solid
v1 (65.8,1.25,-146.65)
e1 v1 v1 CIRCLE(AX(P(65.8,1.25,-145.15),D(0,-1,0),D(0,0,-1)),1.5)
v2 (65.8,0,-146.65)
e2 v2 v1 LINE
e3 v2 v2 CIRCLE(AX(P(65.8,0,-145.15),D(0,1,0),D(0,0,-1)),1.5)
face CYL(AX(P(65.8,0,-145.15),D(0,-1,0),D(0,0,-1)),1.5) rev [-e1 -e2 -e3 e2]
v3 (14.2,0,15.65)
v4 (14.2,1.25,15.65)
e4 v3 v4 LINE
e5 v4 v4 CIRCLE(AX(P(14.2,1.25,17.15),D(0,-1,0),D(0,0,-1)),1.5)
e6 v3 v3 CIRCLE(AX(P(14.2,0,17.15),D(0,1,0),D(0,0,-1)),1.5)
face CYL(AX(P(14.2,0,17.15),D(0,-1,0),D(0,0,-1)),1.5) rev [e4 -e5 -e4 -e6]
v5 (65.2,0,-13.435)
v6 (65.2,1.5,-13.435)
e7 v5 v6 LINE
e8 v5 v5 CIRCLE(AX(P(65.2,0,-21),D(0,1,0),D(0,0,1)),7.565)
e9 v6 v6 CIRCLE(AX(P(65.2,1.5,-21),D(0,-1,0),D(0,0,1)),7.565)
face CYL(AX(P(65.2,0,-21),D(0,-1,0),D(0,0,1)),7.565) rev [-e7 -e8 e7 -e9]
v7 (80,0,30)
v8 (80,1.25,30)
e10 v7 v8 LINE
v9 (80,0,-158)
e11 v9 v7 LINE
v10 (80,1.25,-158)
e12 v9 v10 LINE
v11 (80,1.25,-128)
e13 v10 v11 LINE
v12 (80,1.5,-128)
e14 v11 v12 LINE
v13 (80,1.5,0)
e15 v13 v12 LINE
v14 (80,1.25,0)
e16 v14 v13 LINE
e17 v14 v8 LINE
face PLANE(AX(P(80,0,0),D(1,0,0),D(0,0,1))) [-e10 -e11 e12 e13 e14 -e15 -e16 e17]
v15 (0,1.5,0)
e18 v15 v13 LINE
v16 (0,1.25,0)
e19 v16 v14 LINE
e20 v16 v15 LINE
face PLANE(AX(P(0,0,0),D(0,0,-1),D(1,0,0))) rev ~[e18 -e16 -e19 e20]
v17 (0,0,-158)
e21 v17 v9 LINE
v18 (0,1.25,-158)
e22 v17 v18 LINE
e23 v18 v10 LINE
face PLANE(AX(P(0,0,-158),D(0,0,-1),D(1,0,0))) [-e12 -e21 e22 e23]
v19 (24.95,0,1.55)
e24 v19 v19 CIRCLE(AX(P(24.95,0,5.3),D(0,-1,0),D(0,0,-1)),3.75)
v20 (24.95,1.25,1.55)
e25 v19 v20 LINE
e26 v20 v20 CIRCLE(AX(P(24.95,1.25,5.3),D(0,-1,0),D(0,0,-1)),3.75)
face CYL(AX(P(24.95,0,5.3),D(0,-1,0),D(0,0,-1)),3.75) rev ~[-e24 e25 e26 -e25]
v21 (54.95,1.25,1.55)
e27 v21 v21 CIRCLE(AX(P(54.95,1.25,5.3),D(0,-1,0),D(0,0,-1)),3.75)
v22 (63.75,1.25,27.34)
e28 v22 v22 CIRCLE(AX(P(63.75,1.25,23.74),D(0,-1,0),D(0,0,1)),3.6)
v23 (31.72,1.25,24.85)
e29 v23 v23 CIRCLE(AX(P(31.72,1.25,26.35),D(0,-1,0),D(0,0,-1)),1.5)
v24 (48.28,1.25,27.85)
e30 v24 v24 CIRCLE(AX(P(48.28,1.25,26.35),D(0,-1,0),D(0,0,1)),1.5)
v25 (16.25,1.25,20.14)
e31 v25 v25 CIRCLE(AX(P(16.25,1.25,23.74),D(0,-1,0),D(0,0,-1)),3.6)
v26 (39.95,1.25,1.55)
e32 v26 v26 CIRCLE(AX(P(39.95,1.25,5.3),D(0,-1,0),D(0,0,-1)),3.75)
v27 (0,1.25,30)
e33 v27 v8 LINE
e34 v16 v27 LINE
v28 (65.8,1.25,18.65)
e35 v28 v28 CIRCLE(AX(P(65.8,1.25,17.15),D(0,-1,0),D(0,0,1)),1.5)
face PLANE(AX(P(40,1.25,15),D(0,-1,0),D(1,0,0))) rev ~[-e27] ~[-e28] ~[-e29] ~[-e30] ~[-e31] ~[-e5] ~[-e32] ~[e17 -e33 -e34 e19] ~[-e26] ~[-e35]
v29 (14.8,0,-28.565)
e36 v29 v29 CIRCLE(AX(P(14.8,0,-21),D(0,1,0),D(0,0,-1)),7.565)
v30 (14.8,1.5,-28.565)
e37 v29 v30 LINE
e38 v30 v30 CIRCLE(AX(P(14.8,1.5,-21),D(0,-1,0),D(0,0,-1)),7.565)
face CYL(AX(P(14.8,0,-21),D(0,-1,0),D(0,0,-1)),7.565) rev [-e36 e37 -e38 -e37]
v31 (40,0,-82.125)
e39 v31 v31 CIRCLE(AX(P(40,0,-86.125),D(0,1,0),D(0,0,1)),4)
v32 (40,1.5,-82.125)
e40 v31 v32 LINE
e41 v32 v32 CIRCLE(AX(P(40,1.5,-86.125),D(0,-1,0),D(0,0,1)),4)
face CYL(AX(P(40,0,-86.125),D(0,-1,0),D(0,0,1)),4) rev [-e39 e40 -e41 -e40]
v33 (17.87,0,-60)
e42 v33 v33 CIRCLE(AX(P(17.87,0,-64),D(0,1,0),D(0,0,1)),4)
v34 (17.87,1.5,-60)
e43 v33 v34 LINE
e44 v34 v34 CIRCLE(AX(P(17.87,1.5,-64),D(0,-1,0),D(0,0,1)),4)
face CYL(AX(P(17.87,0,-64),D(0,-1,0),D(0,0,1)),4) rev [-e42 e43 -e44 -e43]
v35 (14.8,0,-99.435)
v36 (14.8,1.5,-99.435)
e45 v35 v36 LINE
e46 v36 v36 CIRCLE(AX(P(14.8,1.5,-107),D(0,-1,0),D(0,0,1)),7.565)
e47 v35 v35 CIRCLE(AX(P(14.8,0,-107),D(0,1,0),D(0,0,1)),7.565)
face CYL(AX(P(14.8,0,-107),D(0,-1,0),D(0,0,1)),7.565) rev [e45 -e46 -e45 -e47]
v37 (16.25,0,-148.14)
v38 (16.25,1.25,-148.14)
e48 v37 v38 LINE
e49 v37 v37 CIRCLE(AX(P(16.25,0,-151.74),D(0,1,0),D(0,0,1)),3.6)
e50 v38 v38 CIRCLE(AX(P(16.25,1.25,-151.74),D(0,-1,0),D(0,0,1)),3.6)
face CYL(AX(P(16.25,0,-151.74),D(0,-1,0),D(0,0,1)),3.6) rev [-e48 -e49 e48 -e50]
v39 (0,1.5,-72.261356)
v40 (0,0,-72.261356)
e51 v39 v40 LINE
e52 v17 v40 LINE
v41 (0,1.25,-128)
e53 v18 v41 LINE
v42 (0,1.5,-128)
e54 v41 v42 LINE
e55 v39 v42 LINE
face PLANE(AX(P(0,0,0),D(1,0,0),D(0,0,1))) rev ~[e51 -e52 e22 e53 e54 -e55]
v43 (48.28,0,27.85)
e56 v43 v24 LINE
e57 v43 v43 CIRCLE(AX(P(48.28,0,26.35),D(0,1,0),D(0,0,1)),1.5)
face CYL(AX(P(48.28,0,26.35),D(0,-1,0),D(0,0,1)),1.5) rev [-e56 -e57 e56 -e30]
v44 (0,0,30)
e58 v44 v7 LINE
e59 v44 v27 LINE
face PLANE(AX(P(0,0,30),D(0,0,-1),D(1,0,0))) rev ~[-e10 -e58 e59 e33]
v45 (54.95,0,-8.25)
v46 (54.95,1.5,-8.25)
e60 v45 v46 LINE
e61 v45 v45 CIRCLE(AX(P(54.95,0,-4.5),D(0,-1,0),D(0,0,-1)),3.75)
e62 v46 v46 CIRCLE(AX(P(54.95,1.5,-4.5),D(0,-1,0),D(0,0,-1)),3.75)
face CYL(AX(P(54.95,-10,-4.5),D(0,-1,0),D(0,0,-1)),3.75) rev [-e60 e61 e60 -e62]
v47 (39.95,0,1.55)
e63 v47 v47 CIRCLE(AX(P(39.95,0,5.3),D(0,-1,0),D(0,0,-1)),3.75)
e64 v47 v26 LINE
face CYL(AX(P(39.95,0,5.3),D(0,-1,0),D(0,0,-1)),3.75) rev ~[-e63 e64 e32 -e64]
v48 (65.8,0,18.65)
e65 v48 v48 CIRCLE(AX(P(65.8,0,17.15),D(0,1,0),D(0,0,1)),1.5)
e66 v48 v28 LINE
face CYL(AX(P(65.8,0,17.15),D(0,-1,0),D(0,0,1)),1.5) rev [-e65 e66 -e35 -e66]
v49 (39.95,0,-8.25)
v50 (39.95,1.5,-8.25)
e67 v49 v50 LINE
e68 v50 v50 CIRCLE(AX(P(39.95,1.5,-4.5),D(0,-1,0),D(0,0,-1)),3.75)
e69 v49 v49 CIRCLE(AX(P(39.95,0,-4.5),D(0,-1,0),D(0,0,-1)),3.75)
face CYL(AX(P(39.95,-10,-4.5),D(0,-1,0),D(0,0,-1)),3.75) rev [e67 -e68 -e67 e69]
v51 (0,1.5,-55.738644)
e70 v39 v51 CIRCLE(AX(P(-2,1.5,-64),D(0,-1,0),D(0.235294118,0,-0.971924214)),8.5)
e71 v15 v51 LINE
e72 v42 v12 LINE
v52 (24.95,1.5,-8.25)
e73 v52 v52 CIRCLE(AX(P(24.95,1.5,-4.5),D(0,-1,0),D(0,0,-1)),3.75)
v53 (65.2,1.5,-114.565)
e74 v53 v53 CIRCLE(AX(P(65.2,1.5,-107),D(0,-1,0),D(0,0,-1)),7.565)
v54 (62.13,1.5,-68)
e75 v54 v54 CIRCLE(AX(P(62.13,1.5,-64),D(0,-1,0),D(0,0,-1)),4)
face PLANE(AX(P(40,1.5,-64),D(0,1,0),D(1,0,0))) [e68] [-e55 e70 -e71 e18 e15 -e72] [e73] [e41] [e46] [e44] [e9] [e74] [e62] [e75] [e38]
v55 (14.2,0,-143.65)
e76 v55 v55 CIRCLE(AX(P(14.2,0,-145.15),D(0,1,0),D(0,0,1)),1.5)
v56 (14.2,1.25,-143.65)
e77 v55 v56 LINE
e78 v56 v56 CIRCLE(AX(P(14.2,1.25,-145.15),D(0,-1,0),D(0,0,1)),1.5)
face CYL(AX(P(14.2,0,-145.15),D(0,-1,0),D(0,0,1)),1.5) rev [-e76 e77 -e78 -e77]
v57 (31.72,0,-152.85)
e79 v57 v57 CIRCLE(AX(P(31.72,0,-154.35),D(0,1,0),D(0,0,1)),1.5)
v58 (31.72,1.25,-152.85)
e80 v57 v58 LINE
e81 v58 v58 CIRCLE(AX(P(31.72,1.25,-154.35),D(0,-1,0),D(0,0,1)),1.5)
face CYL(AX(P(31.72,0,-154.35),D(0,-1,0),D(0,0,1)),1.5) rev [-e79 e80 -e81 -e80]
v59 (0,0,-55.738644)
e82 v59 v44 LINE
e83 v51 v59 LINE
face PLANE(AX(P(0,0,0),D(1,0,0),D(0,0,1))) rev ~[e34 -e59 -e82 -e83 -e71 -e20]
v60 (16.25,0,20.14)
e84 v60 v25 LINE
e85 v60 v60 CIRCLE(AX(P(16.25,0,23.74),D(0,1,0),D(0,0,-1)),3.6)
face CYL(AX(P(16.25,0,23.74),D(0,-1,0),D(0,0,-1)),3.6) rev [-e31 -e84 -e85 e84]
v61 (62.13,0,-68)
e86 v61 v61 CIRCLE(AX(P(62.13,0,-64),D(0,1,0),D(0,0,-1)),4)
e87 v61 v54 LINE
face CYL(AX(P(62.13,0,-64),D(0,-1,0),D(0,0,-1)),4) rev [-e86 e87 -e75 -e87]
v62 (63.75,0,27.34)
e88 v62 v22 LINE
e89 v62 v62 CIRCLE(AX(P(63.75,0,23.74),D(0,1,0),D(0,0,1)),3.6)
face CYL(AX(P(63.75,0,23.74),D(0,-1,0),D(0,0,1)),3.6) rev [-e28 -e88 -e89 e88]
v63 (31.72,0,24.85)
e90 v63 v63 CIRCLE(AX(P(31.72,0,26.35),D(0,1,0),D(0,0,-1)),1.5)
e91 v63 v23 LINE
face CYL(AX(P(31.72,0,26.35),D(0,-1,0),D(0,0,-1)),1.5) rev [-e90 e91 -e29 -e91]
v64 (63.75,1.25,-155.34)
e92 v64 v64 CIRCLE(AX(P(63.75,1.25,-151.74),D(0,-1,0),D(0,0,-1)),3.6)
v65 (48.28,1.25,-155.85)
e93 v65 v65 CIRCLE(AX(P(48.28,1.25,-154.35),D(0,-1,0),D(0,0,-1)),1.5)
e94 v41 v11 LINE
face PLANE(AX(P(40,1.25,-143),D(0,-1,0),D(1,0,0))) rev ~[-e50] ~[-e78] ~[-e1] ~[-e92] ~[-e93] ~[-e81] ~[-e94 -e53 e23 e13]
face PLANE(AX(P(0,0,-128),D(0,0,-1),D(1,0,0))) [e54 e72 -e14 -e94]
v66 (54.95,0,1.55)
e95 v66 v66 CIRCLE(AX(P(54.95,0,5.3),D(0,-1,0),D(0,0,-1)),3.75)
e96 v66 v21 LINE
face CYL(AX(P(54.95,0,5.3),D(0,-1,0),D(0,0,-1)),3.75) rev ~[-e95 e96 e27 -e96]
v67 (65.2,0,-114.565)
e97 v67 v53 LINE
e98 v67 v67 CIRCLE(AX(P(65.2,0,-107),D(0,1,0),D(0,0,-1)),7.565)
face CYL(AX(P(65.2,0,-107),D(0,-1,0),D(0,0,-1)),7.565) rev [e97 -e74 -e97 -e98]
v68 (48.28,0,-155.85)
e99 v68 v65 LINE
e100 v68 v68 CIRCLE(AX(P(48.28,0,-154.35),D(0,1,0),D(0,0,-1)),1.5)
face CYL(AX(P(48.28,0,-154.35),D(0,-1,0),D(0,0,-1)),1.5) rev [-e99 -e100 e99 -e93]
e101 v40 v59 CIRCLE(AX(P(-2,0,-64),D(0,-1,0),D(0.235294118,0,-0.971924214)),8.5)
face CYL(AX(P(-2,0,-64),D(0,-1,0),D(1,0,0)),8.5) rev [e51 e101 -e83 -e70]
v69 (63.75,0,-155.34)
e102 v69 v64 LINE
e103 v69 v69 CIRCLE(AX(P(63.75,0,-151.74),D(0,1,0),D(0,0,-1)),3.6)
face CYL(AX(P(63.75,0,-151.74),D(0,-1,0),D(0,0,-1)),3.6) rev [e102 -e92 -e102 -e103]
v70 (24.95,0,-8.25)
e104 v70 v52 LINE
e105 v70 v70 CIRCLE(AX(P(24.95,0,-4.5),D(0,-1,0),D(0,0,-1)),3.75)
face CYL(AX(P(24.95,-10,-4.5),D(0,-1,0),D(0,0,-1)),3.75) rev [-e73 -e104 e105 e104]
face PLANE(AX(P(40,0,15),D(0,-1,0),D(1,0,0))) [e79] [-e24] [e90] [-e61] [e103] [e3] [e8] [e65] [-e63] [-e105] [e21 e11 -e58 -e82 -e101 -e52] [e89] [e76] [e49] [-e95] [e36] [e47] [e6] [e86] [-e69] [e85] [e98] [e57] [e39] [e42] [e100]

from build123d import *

# Parameters (mm, degrees)
CROQUIS2_W                 = 80
CROQUIS2_H                 = 128
SALIENTE_EXTRUIR1_DEPTH    = 1.5
CROQUIS1_W                 = 80
CROQUIS1_H                 = 30
SALIENTE_EXTRUIR2_DEPTH    = 1.25
CROQUIS6_R                 = 3.75
CORTAR_EXTRUIR1_DEPTH      = 5.25
CORTAR_EXTRUIR2_DEPTH      = 10
CORTAR_EXTRUIR2_DEPTH_BACK = 10
CROQUIS8_R                 = 3.75
CROQUIS10_R                = 7.565
CROQUIS10_R_2              = 1.5
CROQUIS10_R_3              = 3.6
CROQUIS10_R_4              = 4
CROQUIS10_R_5              = 8.5
CORTAR_EXTRUIR4_DEPTH      = 178.105194729


with BuildPart() as part:
    # Croquis2 → Saliente-Extruir1 (new body)
    with BuildSketch(Plane(origin=(0, 0, 0), x_dir=(1, 0, 0), z_dir=(0, 1, 0))):
        with Locations((40, 64)):
            Rectangle(CROQUIS2_W, CROQUIS2_H)
    extrude(amount=SALIENTE_EXTRUIR1_DEPTH)

    # Croquis1 → Saliente-Extruir2 (add)
    with BuildSketch(Plane.XZ):
        with Locations((40, 15)):
            Rectangle(CROQUIS1_W, CROQUIS1_H)
        with Locations((40, -143)):
            Rectangle(CROQUIS1_W, CROQUIS1_H)
    extrude(amount=-SALIENTE_EXTRUIR2_DEPTH)

    # Croquis6 → Cortar-Extruir1 (cut)
    with BuildSketch(Plane.XZ):
        with Locations(Location((24.95, 5.3, 0), (0, 0, 270))):
            Circle(CROQUIS6_R)
        with Locations(Location((54.95, 5.3, 0), (0, 0, 270))):
            Circle(CROQUIS6_R)
        with Locations(Location((39.95, 5.3, 0), (0, 0, 270))):
            Circle(CROQUIS6_R)
    extrude(amount=-CORTAR_EXTRUIR1_DEPTH, mode=Mode.SUBTRACT)

    # Croquis8 → Cortar-Extruir2 (cut, two sides: drawn at the far end of the back side and taken through both)
    with BuildSketch(Plane(origin=(0, 0, 0), x_dir=(1, 0, 0), z_dir=(0, 1, 0)).offset(-CORTAR_EXTRUIR2_DEPTH_BACK)):
        with Locations(Location((24.95, 4.5, 0), (0, 0, 90))):
            Circle(CROQUIS8_R)
        with Locations(Location((39.95, 4.5, 0), (0, 0, 90))):
            Circle(CROQUIS8_R)
        with Locations(Location((54.95, 4.5, 0), (0, 0, 90))):
            Circle(CROQUIS8_R)
    extrude(amount=CORTAR_EXTRUIR2_DEPTH + CORTAR_EXTRUIR2_DEPTH_BACK, mode=Mode.SUBTRACT)

    # Croquis10 → Cortar-Extruir4 (cut, through all)
    with BuildSketch(Plane(origin=(0, 0, 0), x_dir=(1, 0, 0), z_dir=(0, 1, 0))):
        with Locations(Location((65.2, 21, 0), (0, 0, 270))):
            Circle(CROQUIS10_R)
        with Locations(Location((14.8, 21, 0), (0, 0, 90))):
            Circle(CROQUIS10_R)
        with Locations(Location((65.8, -17.15, 0), (0, 0, 270))):
            Circle(CROQUIS10_R_2)
        with Locations(Location((63.75, -23.74, 0), (0, 0, 270))):
            Circle(CROQUIS10_R_3)
        with Locations(Location((48.28, -26.35, 0), (0, 0, 270))):
            Circle(CROQUIS10_R_2)
        with Locations(Location((31.72, -26.35, 0), (0, 0, 90))):
            Circle(CROQUIS10_R_2)
        with Locations(Location((16.25, -23.74, 0), (0, 0, 90))):
            Circle(CROQUIS10_R_3)
        with Locations(Location((14.2, -17.15, 0), (0, 0, 90))):
            Circle(CROQUIS10_R_2)
        with Locations(Location((17.87, 64, 0), (0, 0, 270))):
            Circle(CROQUIS10_R_4)
        with Locations(Location((40, 86.125, 0), (0, 0, 270))):
            Circle(CROQUIS10_R_4)
        with Locations(Location((62.13, 64, 0), (0, 0, 90))):
            Circle(CROQUIS10_R_4)
        with Locations(Location((65.8, 145.15, 0), (0, 0, 90))):
            Circle(CROQUIS10_R_2)
        with Locations(Location((63.75, 151.74, 0), (0, 0, 90))):
            Circle(CROQUIS10_R_3)
        with Locations(Location((48.28, 154.35, 0), (0, 0, 90))):
            Circle(CROQUIS10_R_2)
        with Locations(Location((14.2, 145.15, 0), (0, 0, 270))):
            Circle(CROQUIS10_R_2)
        with Locations(Location((31.72, 154.35, 0), (0, 0, 270))):
            Circle(CROQUIS10_R_2)
        with Locations(Location((16.25, 151.74, 0), (0, 0, 270))):
            Circle(CROQUIS10_R_3)
        with Locations(Location((65.2, 107, 0), (0, 0, 90))):
            Circle(CROQUIS10_R)
        with Locations(Location((14.8, 107, 0), (0, 0, 270))):
            Circle(CROQUIS10_R)
        with Locations((-2, 64)):
            Circle(CROQUIS10_R_5)
    extrude(amount=CORTAR_EXTRUIR4_DEPTH, mode=Mode.SUBTRACT)


solid = part.part
